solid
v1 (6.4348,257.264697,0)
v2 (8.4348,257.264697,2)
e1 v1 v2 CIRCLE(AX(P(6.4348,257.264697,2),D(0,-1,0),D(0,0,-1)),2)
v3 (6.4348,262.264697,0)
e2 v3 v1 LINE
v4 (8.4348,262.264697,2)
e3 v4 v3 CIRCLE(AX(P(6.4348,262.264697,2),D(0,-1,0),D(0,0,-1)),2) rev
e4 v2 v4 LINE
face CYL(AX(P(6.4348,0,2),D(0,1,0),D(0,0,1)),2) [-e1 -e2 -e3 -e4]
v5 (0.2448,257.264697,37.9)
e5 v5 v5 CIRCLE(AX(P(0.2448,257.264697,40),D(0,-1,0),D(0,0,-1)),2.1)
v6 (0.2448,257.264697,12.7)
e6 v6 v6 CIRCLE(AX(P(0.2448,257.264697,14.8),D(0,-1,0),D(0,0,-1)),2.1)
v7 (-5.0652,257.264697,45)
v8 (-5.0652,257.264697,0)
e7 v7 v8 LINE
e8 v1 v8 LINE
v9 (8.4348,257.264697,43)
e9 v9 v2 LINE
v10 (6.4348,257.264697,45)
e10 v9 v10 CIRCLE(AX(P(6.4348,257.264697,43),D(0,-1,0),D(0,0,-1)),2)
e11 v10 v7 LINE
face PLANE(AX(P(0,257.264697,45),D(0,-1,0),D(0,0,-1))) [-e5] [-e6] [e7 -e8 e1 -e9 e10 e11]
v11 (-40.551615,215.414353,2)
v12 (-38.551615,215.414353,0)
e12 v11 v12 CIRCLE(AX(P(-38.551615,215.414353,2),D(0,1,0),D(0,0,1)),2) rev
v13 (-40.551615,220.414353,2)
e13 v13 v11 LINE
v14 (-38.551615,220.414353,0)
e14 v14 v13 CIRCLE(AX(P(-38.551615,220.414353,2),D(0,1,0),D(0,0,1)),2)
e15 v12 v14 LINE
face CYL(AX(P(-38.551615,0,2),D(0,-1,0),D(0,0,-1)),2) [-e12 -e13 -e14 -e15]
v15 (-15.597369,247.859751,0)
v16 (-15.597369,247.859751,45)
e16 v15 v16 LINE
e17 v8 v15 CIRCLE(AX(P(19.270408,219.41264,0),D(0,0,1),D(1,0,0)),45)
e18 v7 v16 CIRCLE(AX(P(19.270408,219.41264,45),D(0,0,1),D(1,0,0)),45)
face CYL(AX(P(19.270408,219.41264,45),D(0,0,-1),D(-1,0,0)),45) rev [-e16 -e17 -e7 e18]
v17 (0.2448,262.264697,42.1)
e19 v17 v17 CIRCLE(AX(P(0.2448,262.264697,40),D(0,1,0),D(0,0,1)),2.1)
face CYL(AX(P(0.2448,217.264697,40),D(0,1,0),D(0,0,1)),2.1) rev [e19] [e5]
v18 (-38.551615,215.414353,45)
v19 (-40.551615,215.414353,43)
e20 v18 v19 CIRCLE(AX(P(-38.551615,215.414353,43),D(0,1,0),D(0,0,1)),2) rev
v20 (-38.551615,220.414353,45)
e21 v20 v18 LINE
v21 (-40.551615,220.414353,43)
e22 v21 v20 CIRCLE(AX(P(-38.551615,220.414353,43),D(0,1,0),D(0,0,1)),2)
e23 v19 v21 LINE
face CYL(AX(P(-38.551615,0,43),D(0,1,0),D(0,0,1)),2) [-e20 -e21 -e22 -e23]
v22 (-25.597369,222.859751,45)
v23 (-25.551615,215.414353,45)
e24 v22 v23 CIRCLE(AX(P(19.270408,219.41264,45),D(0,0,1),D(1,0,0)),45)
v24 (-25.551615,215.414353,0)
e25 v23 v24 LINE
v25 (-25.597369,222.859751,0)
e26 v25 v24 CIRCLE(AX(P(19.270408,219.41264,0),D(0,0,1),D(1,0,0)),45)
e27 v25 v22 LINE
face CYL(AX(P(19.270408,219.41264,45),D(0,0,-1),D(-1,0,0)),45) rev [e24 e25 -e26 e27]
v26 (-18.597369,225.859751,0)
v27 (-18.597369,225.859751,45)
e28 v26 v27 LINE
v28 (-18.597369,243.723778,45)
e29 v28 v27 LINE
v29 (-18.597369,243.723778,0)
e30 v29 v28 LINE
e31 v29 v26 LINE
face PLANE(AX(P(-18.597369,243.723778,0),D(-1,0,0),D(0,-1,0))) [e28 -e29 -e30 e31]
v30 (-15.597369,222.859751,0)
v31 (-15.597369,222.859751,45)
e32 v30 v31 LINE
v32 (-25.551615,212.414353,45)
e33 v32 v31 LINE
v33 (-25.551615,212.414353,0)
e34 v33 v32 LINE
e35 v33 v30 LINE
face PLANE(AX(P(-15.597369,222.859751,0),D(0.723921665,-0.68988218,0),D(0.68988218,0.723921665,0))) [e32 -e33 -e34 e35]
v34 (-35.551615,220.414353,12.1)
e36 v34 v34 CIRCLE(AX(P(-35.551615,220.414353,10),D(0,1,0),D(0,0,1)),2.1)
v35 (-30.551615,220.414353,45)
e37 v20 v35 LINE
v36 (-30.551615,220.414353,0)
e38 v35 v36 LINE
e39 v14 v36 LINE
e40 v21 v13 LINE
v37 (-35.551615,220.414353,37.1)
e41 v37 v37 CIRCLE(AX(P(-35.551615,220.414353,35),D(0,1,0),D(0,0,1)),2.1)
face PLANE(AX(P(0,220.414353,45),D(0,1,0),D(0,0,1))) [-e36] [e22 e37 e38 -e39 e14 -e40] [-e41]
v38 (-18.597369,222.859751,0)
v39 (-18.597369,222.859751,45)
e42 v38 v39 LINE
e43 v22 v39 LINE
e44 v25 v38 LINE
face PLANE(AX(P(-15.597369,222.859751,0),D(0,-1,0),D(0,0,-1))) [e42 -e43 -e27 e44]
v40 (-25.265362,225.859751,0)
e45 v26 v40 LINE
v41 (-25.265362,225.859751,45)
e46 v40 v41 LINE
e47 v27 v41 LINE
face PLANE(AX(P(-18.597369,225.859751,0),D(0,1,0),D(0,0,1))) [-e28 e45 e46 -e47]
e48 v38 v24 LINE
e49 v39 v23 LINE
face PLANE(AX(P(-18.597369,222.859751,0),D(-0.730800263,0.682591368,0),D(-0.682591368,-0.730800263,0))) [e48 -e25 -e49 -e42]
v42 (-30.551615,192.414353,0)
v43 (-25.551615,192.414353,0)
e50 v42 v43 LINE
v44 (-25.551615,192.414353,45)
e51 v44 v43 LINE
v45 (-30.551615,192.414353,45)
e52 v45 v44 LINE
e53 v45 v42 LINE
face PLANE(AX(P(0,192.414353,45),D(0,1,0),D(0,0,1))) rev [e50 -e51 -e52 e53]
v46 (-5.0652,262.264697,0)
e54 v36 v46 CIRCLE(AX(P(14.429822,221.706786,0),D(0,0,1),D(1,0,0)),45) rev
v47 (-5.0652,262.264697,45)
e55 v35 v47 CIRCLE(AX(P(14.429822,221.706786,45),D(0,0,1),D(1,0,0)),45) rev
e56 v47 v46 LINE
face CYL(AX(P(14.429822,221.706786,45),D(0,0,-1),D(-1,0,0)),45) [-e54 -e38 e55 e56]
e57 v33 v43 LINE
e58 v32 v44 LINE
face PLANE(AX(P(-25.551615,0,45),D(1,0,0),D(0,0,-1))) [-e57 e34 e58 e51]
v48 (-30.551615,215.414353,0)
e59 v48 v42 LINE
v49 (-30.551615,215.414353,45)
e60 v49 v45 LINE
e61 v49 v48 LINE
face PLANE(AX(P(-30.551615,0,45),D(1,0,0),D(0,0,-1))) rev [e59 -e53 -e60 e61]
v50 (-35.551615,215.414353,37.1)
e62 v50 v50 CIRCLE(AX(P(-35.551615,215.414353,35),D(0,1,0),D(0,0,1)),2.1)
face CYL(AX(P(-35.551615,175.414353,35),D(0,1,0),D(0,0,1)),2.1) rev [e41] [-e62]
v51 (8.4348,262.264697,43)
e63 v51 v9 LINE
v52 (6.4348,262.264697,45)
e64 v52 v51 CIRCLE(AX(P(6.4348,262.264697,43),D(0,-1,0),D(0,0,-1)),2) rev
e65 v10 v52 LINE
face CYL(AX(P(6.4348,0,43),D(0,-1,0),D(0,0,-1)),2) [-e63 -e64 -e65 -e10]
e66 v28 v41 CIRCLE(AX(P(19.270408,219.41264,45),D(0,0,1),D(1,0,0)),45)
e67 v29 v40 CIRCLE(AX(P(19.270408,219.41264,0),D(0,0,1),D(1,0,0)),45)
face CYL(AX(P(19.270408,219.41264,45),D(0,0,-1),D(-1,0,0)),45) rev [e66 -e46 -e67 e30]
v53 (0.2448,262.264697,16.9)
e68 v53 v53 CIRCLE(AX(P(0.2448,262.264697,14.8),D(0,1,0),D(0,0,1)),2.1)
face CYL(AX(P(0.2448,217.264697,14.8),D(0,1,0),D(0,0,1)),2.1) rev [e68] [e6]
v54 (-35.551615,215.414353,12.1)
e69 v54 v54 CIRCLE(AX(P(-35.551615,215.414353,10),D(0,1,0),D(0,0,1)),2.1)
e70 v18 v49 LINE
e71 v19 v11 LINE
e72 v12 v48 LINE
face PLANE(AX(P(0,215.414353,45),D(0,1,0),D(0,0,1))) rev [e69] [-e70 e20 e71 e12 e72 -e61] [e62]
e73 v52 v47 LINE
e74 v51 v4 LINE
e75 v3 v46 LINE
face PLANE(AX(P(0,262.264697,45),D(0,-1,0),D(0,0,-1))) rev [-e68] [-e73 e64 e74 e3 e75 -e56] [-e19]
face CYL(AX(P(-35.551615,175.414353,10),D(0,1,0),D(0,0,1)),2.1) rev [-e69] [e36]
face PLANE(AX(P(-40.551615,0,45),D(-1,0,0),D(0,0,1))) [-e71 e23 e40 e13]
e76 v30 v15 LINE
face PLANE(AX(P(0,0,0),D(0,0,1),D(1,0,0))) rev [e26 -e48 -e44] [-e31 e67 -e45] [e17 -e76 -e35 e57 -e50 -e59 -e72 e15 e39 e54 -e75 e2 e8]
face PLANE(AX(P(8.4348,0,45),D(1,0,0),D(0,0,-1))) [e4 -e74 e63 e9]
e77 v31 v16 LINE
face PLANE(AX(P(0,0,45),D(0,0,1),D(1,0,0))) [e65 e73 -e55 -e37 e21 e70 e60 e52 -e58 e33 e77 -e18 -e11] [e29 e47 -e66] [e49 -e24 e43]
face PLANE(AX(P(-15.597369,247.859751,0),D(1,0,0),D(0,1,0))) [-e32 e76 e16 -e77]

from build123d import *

# Parameters (mm, degrees)
SKETCH3_W           = 13.5
SKETCH3_H           = 5
SKETCH3_W_2         = 10
SKETCH3_W_3         = 5
SKETCH3_H_2         = 23
BOSS_EXTRUDE1_DEPTH = 45
FILLET1_R           = 2
SKETCH5_R           = 2.1
CUT_EXTRUDE2_DEPTH  = 45
SKETCH6_R           = 2.1
CUT_EXTRUDE3_DEPTH  = 45
BOSS_EXTRUDE3_DEPTH = 45
BOSS_EXTRUDE4_DEPTH = 45


with BuildPart() as part:
    # Sketch3 → Boss-Extrude1 (new body)
    with BuildSketch(Plane.XY):
        with BuildLine():
            ThreePointArc((-5.06519953, 257.264696919), (-21.146881422, 239.197551787), (-25.551614771, 215.414352888))
            Line((-25.551614771, 215.414352888), (-30.551614771, 215.414352888))
            Line((-30.551614771, 215.414352888), (-30.551614771, 220.414352888))
            ThreePointArc((-30.551614771, 220.414352888), (-24.004098535, 245.112635185), (-5.06519953, 262.264696919))
            Line((-5.06519953, 262.264696919), (-5.06519953, 257.264696919))
        make_face()
        with Locations((1.68480047, 259.764696919)):
            Rectangle(SKETCH3_W, SKETCH3_H)
        with Locations((-35.551614771, 217.914352888)):
            Rectangle(SKETCH3_W_2, SKETCH3_H)
        with Locations((-28.051614771, 203.914352888)):
            Rectangle(SKETCH3_W_3, SKETCH3_H_2)
    extrude(amount=BOSS_EXTRUDE1_DEPTH)

    # Fillet1
    fillet1_edges = [part.edges().sort_by_distance(p)[0] for p in [
        (-40.551614771, 217.914352888, 0),
        (8.43480047, 259.764696919, 45),
        (8.43480047, 259.764696919, 0),
        (-40.551614771, 217.914352888, 45),
    ]]
    fillet(fillet1_edges, radius=FILLET1_R)

    # Sketch5 → Cut-Extrude2 (cut)
    with BuildSketch(Plane(origin=(0, 262.264696919, 0), x_dir=(1, 0, 0), z_dir=(0, 1, 0))):
        with Locations((0.24480047, -40)):
            Circle(SKETCH5_R)
        with Locations((0.24480047, -14.8)):
            Circle(SKETCH5_R)
    extrude(amount=-CUT_EXTRUDE2_DEPTH, mode=Mode.SUBTRACT)

    # Sketch6 → Cut-Extrude3 (cut)
    with BuildSketch(Plane(origin=(0, 220.414352888, 0), x_dir=(1, 0, 0), z_dir=(0, 1, 0))):
        with Locations((-35.551614771, -10)):
            Circle(SKETCH6_R)
        with Locations((-35.551614771, -35)):
            Circle(SKETCH6_R)
    extrude(amount=-CUT_EXTRUDE3_DEPTH, mode=Mode.SUBTRACT)

    # Sketch7 → Boss-Extrude3 (add, through all)
    with BuildSketch(Plane.XY.offset(45)):
        with BuildLine():
            Line((-15.597369426, 247.859750777), (-15.597369426, 222.859750777))
            Line((-15.597369426, 222.859750777), (-25.597369426, 222.859750777))
            ThreePointArc((-25.597369426, 222.859750777), (-25.456525287, 224.362535182), (-25.265361734, 225.859750777))
            Line((-25.265361734, 225.859750777), (-18.597369426, 225.859750777))
            Line((-18.597369426, 225.859750777), (-18.597369426, 243.72377838))
            ThreePointArc((-18.597369426, 243.72377838), (-17.156118075, 245.834377519), (-15.597369426, 247.859750777))
        make_face()
    extrude(amount=-BOSS_EXTRUDE3_DEPTH)

    # Sketch8 → Boss-Extrude4 (add, through all)
    with BuildSketch(Plane.XY.offset(45)):
        Polygon((-15.597369426, 222.859750777), (-25.551614771, 212.414352888), (-25.551614771, 215.414352888), (-18.597369426, 222.859750777), align=None)
    extrude(amount=-BOSS_EXTRUDE4_DEPTH)


solid = part.part
